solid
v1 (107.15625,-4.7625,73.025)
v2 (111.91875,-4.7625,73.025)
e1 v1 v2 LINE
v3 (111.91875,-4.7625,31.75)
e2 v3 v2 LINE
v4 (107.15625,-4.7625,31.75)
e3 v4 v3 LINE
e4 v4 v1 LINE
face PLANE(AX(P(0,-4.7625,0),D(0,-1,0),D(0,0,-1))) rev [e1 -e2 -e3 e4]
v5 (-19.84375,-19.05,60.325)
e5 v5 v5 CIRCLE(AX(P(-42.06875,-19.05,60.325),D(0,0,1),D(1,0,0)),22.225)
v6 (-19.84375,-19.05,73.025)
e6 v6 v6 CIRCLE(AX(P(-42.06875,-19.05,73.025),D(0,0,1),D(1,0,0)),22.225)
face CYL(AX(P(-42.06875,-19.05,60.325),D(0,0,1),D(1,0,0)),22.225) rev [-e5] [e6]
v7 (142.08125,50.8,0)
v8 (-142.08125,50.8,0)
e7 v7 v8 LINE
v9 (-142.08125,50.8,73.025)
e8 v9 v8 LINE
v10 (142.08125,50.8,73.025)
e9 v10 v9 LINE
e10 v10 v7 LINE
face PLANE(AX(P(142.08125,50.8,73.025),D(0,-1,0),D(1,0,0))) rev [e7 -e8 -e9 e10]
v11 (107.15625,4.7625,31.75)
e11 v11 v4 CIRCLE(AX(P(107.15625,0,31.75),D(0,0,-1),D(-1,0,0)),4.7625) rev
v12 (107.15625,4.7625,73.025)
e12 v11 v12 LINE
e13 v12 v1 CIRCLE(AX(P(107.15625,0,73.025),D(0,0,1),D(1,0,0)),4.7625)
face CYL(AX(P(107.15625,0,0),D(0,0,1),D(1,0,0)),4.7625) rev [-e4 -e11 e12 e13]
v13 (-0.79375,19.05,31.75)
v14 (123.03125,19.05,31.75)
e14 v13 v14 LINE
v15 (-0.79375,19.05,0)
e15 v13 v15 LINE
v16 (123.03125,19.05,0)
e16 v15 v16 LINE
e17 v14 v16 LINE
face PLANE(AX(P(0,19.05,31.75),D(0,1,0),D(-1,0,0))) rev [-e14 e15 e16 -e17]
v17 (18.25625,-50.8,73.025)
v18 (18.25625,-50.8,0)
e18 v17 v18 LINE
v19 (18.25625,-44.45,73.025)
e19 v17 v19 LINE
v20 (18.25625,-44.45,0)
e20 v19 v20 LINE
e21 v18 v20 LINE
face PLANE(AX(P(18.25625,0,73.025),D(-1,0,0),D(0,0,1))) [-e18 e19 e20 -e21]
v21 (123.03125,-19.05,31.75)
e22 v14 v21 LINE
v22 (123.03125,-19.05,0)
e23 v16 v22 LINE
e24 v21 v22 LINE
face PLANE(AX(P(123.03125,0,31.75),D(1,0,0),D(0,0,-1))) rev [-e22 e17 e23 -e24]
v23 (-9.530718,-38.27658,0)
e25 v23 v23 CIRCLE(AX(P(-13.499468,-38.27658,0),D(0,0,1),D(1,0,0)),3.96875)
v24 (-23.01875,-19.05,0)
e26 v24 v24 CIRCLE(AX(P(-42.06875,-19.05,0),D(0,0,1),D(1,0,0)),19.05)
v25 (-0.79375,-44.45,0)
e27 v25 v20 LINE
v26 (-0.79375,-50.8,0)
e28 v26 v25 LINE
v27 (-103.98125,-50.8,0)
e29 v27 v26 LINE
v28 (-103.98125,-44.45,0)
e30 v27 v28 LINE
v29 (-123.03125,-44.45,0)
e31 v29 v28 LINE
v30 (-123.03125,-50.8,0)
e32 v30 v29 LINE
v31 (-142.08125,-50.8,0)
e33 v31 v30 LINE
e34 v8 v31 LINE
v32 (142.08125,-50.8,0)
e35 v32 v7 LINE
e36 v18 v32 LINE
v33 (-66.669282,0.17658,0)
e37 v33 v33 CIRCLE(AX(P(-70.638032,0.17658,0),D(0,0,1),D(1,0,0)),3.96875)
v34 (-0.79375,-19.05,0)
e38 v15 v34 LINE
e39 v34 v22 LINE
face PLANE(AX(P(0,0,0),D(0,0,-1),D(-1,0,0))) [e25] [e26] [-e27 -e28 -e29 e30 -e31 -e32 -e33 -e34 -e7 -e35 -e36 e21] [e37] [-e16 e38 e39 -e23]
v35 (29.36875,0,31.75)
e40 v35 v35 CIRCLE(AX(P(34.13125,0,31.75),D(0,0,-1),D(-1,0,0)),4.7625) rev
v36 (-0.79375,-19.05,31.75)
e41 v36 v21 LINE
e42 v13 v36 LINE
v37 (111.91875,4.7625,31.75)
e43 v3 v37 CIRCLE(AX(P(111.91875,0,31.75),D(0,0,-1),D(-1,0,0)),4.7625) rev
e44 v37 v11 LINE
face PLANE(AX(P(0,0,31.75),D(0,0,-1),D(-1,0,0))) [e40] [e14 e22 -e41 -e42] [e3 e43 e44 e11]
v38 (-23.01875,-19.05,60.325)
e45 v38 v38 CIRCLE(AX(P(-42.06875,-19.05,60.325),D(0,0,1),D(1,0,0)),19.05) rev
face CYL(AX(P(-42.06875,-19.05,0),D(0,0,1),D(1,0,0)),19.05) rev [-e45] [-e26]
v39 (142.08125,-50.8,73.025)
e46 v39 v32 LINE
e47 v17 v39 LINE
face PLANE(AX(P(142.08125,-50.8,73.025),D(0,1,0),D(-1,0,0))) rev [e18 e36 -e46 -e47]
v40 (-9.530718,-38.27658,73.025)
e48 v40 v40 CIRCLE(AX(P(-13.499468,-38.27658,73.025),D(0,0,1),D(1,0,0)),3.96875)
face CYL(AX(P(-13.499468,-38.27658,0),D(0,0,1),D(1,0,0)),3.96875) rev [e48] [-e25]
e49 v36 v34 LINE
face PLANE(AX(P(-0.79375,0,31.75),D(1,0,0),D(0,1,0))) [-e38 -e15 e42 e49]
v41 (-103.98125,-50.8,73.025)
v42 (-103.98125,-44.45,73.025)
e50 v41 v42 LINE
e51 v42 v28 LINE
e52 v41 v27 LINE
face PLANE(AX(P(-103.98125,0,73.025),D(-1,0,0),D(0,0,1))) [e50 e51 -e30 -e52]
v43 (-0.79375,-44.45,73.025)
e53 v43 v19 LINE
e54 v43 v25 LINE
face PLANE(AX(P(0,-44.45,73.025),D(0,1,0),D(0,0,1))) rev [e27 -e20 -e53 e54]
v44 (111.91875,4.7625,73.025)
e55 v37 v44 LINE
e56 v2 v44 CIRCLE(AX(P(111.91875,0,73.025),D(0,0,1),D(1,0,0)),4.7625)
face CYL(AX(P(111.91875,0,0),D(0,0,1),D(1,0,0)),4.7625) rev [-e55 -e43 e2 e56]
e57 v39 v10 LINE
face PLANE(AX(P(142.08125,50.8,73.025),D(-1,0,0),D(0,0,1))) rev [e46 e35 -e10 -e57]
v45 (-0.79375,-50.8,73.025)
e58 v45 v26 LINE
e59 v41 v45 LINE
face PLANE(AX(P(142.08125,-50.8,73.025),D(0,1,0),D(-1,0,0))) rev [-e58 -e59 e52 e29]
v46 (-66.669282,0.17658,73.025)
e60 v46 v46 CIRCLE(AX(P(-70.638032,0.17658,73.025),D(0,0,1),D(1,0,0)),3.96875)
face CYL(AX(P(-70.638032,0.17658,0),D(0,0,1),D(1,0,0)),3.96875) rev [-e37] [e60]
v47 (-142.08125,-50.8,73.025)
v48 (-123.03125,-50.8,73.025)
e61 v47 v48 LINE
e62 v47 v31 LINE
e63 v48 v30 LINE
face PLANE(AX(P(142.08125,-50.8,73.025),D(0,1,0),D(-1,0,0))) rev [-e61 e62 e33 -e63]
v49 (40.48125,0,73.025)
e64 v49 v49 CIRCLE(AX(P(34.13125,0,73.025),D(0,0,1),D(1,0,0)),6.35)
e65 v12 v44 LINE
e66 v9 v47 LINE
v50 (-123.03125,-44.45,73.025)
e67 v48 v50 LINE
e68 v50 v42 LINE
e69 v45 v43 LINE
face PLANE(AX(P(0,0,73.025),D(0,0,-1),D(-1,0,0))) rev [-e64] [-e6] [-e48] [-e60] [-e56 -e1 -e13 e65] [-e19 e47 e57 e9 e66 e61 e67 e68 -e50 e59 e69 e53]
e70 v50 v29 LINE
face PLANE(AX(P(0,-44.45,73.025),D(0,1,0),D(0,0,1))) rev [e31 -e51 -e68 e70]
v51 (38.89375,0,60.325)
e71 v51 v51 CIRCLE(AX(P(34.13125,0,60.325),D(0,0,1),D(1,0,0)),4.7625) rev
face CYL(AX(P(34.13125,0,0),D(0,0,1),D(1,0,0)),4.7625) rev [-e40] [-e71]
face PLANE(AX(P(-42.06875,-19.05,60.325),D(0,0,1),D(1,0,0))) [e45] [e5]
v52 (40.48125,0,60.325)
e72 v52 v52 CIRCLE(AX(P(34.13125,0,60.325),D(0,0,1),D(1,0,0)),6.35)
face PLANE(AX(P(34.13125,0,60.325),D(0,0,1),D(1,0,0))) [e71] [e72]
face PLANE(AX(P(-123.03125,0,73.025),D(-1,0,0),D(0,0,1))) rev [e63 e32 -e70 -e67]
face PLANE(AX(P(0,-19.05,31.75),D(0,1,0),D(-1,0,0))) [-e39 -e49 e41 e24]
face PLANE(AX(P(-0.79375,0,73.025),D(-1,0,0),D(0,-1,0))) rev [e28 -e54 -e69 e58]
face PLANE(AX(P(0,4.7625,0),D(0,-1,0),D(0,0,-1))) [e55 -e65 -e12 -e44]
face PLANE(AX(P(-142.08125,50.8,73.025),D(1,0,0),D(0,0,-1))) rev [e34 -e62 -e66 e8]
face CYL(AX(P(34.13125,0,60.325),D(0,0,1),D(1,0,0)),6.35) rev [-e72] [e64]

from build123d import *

# Parameters (mm, degrees)
SKETCH1_W           = 284.1625
SKETCH1_H           = 101.6
BOSS_EXTRUDE1_DEPTH = 73.025
SKETCH2_R           = 19.05
SKETCH2_R_2         = 4.7625
SKETCH2_R_3         = 3.96875
CUT_EXTRUDE1_DEPTH  = 168.631656397
SKETCH2_3_R         = 22.225
SKETCH2_3_R_2       = 6.35
CUT_EXTRUDE2_DEPTH  = 12.7
CUT_EXTRUDE3_START  = -31.75
SKETCH3_W           = 123.825
SKETCH3_H           = 38.1
SKETCH3_R           = 4.7625
CUT_EXTRUDE3_DEPTH  = 31.75
SKETCH3_3_W         = 19.05
SKETCH3_3_H         = 6.35
CUT_EXTRUDE4_DEPTH  = 168.631656397


with BuildPart() as part:
    # Sketch1 → Boss-Extrude1 (new body)
    with BuildSketch(Plane.XY):
        Rectangle(SKETCH1_W, SKETCH1_H)
    extrude(amount=BOSS_EXTRUDE1_DEPTH)

    # Sketch2 → Cut-Extrude1 (cut, through all)
    with BuildSketch(Plane.XY.offset(73.025)):
        with BuildLine():
            Line((111.91875, 4.7625), (107.15625, 4.7625))
            ThreePointArc((107.15625, 4.7625), (102.39375, 0), (107.15625, -4.7625))
            Line((107.15625, -4.7625), (111.91875, -4.7625))
            ThreePointArc((111.91875, -4.7625), (116.68125, 0), (111.91875, 4.7625))
        make_face()
        with Locations((-42.06875, -19.05)):
            Circle(SKETCH2_R)
        with Locations((34.13125, 0)):
            Circle(SKETCH2_R_2)
        with Locations((-13.499467703, -38.276580456)):
            Circle(SKETCH2_R_3)
        with Locations((-70.638032297, 0.176580456)):
            Circle(SKETCH2_R_3)
    extrude(amount=-CUT_EXTRUDE1_DEPTH, mode=Mode.SUBTRACT)

    # Sketch2<3> → Cut-Extrude2 (cut)
    with BuildSketch(Plane.XY.offset(73.025)):
        with Locations((-42.06875, -19.05)):
            Circle(SKETCH2_3_R)
        with Locations((34.13125, 0)):
            Circle(SKETCH2_3_R_2)
    extrude(amount=-CUT_EXTRUDE2_DEPTH, mode=Mode.SUBTRACT)

    # Sketch3 → Cut-Extrude3 (cut)
    with BuildSketch(Plane(origin=(0, 0, 0), x_dir=(-1, 0, 0), z_dir=(0, 0, -1)).offset(CUT_EXTRUDE3_START)):
        with Locations((-61.11875, 0)):
            Rectangle(SKETCH3_W, SKETCH3_H)
        with BuildLine():
            ThreePointArc((-107.15625, 4.7625), (-102.39375, 0), (-107.15625, -4.7625))
            Line((-107.15625, -4.7625), (-111.91875, -4.7625))
            ThreePointArc((-111.91875, -4.7625), (-116.68125, 0), (-111.91875, 4.7625))
            Line((-111.91875, 4.7625), (-107.15625, 4.7625))
        make_face(mode=Mode.SUBTRACT)
        with Locations((-34.13125, 0)):
            Circle(SKETCH3_R, mode=Mode.SUBTRACT)
    extrude(amount=CUT_EXTRUDE3_DEPTH, mode=Mode.SUBTRACT)

    # Sketch3<3> → Cut-Extrude4 (cut, through all)
    with BuildSketch(Plane(origin=(0, 0, 0), x_dir=(-1, 0, 0), z_dir=(0, 0, -1))):
        with Locations((-8.73125, -47.625)):
            Rectangle(SKETCH3_3_W, SKETCH3_3_H)
        with Locations((113.50625, -47.625)):
            Rectangle(SKETCH3_3_W, SKETCH3_3_H)
    extrude(amount=-CUT_EXTRUDE4_DEPTH, mode=Mode.SUBTRACT)


solid = part.part
